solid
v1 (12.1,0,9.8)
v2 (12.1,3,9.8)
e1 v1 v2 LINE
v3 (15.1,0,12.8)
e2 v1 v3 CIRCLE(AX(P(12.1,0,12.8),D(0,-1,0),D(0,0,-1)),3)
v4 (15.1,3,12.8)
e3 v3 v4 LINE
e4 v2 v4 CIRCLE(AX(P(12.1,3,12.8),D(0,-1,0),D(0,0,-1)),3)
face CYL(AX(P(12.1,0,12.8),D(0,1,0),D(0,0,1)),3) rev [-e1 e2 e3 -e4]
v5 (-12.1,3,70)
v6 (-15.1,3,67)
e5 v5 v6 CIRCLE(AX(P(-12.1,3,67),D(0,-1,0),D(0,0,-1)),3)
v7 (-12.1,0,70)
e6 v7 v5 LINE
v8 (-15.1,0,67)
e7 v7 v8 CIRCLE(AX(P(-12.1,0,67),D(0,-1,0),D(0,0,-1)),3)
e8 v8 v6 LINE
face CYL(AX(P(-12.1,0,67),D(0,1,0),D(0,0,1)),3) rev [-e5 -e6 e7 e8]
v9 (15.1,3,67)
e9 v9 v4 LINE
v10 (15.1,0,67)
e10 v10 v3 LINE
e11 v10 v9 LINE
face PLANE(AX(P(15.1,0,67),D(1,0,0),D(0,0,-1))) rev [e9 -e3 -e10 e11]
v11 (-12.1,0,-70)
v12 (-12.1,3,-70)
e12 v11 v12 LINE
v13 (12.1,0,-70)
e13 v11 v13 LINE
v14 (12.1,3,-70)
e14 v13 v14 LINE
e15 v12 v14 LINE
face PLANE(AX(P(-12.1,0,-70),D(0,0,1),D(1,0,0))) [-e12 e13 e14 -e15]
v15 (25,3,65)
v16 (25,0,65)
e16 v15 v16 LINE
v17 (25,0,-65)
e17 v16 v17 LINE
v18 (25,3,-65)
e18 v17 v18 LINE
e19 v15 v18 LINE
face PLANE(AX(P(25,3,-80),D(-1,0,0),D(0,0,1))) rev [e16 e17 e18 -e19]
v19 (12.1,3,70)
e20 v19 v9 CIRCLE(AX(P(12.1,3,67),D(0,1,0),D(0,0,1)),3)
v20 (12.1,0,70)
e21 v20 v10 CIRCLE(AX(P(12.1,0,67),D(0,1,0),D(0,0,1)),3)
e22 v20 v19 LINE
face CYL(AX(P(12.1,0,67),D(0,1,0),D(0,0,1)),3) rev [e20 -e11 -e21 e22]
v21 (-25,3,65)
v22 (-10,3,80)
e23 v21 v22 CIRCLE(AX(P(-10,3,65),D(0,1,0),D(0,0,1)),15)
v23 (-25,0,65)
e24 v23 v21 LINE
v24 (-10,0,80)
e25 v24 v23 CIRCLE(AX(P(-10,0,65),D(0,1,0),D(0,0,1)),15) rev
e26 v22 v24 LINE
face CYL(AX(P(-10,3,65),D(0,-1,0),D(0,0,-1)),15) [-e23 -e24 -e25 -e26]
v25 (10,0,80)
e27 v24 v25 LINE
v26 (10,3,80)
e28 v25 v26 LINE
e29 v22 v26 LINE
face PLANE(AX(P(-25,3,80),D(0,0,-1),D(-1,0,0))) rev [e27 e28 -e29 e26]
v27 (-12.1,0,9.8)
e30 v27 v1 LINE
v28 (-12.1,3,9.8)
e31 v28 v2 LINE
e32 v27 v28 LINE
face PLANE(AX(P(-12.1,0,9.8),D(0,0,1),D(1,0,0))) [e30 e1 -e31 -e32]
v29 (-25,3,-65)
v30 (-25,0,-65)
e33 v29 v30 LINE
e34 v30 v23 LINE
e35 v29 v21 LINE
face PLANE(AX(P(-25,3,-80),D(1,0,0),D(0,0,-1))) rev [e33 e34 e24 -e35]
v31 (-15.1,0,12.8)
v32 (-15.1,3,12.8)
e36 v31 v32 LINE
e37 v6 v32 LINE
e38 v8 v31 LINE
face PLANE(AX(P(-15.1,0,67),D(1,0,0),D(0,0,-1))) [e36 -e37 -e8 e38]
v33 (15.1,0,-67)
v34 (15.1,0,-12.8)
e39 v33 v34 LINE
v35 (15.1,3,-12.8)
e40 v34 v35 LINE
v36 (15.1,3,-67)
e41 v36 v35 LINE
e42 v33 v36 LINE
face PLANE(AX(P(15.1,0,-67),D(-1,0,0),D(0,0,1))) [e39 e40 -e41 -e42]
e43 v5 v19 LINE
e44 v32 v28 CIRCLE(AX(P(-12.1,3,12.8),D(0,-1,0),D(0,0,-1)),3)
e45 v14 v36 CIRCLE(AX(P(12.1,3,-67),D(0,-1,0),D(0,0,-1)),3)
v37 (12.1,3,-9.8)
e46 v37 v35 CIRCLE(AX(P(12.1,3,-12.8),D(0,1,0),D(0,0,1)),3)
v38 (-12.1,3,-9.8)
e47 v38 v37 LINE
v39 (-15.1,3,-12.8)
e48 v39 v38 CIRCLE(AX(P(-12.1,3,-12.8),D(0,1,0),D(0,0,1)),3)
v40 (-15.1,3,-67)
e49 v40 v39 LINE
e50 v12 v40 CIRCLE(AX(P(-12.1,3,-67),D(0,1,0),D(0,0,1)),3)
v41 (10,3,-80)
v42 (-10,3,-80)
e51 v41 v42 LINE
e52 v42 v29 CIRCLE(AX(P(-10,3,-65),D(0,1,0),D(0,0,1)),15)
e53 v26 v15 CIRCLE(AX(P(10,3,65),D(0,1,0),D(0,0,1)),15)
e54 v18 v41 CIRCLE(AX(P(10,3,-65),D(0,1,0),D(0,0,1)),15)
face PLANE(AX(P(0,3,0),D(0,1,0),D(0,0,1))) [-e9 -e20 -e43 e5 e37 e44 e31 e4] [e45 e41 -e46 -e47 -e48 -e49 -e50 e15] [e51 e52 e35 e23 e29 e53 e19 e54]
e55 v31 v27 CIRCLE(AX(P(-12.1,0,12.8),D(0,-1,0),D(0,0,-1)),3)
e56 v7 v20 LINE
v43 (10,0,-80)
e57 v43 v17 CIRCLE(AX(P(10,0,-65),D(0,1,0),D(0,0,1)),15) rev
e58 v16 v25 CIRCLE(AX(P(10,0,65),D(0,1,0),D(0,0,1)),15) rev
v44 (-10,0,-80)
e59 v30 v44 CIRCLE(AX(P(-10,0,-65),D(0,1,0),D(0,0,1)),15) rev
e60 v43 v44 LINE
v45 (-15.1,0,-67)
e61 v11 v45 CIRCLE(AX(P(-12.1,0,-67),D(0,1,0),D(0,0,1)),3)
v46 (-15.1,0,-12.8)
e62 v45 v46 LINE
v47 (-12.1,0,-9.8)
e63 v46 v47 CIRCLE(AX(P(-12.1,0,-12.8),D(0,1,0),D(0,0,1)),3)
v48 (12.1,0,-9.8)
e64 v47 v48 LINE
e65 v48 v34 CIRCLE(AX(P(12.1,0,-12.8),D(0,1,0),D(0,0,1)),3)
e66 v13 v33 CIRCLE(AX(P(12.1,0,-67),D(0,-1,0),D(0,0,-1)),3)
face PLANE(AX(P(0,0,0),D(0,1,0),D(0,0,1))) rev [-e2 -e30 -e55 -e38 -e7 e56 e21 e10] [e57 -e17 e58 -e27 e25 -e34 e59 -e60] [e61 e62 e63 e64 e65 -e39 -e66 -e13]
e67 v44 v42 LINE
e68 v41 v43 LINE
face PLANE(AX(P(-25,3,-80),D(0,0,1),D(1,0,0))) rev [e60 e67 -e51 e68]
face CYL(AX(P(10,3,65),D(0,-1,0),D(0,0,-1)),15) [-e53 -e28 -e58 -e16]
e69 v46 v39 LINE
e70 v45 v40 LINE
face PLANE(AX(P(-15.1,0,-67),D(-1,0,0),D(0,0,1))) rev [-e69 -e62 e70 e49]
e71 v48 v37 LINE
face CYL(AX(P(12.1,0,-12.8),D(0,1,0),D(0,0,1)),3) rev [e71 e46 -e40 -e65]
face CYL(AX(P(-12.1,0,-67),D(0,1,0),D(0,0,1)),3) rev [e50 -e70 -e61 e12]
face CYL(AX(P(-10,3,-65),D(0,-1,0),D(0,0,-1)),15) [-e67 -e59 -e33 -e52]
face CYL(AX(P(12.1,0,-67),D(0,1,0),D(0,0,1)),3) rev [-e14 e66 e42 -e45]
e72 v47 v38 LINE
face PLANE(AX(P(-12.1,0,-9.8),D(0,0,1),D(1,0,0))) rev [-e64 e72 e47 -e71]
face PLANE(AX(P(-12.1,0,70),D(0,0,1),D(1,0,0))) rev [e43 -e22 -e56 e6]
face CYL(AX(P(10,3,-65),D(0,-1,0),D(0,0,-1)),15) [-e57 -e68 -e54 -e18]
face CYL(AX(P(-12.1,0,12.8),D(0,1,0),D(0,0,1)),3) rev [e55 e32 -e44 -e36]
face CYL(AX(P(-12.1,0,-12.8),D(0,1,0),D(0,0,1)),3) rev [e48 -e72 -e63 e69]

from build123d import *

# Parameters (mm, degrees)
SKETCH1_W           = 50
SKETCH1_H           = 160
BOSS_EXTRUDE1_DEPTH = 3
FILLET2_R           = 15
CUT_EXTRUDE1_DEPTH  = 4


with BuildPart() as part:
    # Sketch1 → Boss-Extrude1 (new body)
    with BuildSketch(Plane(origin=(0, 0, 0), x_dir=(1, 0, 0), z_dir=(0, 1, 0))):
        Rectangle(SKETCH1_W, SKETCH1_H)
    extrude(amount=BOSS_EXTRUDE1_DEPTH)

    # Fillet2
    fillet2_edges = [part.edges().sort_by_distance(p)[0] for p in [
        (25, 1.5, 80),
        (-25, 1.5, 80),
        (-25, 1.5, -80),
        (25, 1.5, -80),
    ]]
    fillet(fillet2_edges, radius=FILLET2_R)

    # Sketch3 → Cut-Extrude1 (cut, through all)
    with BuildSketch(Plane(origin=(0, 3, 0), x_dir=(1, 0, 0), z_dir=(0, 1, 0))):
        with BuildLine():
            Line((-12.1, 70), (12.1, 70))
            ThreePointArc((12.1, 70), (14.221320344, 69.121320344), (15.1, 67))
            Line((15.1, 67), (15.1, 12.8))
            ThreePointArc((15.1, 12.8), (14.221320344, 10.678679656), (12.1, 9.8))
            Line((12.1, 9.8), (-12.1, 9.8))
            ThreePointArc((-12.1, 9.8), (-14.221320344, 10.678679656), (-15.1, 12.8))
            Line((-15.1, 12.8), (-15.1, 67))
            ThreePointArc((-15.1, 67), (-14.221320344, 69.121320344), (-12.1, 70))
        make_face()
    cut_extrude1 = extrude(amount=-CUT_EXTRUDE1_DEPTH, mode=Mode.SUBTRACT)

    # Mirror1: Cut-Extrude1 across plane
    add(cut_extrude1.mirror(Plane.XY), mode=Mode.SUBTRACT)


solid = part.part
